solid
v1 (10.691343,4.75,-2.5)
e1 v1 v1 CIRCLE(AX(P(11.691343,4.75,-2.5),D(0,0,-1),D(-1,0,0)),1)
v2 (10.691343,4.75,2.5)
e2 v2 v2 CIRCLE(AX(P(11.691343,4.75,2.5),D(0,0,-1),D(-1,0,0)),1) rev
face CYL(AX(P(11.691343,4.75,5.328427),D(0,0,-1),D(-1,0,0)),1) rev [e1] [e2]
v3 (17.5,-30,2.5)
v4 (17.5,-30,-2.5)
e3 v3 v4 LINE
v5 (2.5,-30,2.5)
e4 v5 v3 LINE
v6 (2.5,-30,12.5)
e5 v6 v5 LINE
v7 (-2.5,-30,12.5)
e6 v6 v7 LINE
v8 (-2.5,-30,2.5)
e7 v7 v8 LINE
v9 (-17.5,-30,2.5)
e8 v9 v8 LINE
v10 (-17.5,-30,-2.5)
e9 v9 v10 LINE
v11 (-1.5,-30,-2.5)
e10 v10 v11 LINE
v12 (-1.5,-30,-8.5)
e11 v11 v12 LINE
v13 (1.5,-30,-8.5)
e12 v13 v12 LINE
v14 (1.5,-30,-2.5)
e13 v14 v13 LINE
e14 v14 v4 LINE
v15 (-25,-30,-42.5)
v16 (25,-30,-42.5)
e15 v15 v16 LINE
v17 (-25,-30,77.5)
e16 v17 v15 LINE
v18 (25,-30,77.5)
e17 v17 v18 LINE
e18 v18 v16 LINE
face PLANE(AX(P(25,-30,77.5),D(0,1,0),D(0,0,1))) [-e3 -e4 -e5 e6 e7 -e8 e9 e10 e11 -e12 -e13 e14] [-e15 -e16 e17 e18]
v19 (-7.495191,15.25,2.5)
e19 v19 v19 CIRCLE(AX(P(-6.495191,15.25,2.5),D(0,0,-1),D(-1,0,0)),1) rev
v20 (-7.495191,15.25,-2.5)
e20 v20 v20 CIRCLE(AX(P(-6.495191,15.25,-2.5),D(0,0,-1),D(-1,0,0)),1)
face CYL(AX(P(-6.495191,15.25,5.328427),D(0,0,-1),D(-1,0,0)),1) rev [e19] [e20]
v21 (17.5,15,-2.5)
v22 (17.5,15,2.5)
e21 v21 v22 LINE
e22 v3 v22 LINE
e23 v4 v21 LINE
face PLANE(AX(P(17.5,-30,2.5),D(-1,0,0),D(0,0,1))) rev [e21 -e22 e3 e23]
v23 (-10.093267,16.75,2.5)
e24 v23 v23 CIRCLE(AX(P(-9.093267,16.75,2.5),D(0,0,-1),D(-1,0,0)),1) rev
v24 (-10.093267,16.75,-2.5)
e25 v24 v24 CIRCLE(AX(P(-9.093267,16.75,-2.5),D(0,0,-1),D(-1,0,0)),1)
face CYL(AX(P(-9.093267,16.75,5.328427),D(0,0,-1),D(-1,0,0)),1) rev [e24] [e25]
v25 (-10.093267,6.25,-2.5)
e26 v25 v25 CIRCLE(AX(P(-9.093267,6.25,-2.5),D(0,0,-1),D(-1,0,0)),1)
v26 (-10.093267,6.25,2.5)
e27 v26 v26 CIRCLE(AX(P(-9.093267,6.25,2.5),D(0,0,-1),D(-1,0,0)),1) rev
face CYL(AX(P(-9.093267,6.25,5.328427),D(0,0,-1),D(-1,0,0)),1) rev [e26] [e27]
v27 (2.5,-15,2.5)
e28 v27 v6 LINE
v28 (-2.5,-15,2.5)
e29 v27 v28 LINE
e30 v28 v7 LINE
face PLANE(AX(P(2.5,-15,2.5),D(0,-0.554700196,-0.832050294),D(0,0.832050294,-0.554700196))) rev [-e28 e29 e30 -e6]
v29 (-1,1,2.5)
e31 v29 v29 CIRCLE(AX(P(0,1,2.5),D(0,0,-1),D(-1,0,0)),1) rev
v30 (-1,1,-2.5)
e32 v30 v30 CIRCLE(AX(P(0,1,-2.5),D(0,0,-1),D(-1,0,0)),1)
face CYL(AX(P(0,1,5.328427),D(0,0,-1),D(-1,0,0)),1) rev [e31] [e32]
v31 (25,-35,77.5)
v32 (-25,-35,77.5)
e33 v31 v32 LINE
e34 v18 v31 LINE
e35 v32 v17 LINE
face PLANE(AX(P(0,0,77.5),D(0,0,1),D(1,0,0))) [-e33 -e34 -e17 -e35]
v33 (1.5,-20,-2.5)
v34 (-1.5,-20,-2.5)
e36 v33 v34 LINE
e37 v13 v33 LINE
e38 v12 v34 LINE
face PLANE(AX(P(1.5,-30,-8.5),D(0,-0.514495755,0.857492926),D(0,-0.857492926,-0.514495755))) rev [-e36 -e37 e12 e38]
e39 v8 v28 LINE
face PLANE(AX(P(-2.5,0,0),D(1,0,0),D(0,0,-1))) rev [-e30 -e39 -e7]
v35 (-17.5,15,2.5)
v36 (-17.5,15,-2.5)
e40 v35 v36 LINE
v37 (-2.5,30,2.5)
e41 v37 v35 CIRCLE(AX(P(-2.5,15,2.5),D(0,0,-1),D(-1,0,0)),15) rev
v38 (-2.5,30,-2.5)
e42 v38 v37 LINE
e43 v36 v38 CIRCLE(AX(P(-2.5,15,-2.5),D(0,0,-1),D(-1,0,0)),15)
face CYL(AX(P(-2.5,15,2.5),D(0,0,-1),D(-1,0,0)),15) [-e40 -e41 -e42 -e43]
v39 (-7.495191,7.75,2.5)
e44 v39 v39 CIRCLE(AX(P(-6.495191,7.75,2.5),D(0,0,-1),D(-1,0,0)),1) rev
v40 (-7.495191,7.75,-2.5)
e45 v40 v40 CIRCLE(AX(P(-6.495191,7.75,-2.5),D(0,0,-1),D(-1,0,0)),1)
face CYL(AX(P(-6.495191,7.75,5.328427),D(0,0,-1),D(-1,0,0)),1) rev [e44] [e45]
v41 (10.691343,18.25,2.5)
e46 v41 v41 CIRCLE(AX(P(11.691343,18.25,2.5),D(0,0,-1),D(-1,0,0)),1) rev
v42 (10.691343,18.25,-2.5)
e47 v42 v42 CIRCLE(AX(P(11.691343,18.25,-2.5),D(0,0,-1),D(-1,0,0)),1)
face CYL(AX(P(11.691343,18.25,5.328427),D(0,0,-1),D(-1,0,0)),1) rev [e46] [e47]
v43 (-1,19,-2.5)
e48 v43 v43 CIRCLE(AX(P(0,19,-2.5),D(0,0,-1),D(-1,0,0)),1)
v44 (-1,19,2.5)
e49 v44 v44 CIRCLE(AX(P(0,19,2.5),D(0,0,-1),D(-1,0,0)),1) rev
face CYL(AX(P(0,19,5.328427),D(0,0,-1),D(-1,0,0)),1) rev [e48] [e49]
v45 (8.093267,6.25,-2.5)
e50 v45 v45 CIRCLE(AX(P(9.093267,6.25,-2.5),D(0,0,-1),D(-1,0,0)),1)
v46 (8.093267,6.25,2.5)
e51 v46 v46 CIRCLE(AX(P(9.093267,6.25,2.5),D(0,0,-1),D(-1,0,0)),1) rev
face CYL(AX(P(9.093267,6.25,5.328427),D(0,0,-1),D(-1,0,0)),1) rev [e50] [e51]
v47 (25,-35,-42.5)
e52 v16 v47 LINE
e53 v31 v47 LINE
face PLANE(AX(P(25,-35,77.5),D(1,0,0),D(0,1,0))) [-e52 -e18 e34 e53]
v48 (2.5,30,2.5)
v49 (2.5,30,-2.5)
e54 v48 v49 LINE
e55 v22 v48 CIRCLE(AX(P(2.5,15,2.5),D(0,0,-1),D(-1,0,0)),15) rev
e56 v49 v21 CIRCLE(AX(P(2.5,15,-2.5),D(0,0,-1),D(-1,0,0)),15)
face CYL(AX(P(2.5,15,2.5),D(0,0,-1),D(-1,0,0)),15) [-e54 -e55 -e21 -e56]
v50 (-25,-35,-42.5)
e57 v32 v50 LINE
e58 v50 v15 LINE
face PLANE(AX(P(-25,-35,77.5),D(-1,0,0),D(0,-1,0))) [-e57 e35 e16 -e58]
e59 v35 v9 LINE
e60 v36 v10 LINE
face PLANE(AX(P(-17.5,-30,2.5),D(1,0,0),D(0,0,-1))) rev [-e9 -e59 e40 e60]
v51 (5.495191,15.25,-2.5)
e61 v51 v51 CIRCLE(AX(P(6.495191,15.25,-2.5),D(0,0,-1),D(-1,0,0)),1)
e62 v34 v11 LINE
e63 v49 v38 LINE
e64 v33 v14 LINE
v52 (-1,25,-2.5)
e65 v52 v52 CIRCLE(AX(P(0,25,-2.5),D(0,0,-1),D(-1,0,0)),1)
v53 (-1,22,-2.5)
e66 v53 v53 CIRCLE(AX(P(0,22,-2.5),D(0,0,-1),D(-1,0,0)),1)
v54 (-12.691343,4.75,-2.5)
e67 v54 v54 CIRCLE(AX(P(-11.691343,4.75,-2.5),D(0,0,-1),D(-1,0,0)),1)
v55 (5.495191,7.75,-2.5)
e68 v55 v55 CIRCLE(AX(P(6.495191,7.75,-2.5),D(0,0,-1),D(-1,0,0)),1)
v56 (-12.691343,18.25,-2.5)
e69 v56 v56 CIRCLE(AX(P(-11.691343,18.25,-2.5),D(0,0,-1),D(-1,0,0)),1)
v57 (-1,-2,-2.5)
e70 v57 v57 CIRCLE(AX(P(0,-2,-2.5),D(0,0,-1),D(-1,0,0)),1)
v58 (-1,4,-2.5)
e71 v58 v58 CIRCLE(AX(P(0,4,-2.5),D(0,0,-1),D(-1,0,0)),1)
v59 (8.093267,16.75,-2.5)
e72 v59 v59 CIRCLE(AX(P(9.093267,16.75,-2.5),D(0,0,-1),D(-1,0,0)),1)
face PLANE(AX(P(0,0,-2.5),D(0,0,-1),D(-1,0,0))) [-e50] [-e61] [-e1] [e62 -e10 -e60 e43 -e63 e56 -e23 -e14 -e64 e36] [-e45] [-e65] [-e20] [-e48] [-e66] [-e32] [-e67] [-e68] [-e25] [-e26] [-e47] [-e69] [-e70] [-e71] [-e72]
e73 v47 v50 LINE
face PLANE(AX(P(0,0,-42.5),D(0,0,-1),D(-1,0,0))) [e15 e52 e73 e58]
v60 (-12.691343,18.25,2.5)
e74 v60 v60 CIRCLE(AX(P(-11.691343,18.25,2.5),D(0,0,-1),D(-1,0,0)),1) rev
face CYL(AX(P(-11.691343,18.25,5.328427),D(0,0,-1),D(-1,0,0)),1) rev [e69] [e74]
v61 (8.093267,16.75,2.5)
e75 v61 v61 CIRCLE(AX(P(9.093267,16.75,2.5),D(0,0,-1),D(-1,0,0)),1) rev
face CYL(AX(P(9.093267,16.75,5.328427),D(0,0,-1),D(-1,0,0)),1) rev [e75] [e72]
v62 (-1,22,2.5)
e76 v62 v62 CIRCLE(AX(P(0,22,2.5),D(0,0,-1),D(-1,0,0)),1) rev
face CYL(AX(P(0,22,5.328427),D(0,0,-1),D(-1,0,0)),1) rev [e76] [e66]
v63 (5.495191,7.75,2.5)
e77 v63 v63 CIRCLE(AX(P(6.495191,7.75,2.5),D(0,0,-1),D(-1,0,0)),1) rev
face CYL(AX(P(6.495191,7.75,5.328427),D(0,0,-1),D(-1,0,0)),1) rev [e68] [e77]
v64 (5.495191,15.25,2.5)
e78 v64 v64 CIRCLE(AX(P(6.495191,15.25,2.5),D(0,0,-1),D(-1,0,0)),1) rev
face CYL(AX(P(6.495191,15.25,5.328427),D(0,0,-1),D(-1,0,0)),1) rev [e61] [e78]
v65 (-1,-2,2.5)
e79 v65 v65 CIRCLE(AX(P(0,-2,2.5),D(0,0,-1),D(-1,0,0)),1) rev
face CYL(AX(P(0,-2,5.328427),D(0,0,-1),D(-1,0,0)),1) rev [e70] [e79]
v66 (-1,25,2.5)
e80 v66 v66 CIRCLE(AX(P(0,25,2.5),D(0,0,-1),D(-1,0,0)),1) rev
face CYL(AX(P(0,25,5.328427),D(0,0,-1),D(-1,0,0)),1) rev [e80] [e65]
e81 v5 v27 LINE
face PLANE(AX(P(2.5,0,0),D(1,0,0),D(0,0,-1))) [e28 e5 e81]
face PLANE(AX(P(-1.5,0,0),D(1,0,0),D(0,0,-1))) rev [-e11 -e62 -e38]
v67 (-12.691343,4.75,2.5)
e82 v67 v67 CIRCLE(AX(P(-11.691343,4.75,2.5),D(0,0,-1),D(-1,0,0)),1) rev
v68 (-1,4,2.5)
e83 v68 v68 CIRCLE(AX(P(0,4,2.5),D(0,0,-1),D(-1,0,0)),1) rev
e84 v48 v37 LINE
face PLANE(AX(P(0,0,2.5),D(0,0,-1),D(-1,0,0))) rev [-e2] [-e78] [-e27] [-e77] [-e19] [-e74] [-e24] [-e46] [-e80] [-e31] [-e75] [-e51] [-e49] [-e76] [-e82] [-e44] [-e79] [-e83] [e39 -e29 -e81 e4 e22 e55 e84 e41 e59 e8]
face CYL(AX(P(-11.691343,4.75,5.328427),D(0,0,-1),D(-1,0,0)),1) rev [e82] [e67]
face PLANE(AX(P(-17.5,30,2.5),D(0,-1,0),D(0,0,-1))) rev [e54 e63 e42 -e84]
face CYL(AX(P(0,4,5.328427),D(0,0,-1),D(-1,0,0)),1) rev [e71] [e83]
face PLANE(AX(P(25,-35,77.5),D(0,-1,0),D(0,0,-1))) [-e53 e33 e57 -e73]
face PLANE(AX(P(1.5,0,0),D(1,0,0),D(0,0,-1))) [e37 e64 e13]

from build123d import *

# Parameters (mm, degrees)
SKETCH1_W           = 35
SKETCH1_H           = 60
BOSS_EXTRUDE1_DEPTH = 2.5
SKETCH2_R           = 1
CUT_EXTRUDE1_DEPTH  = 5
FILLET1_R           = 15
SKETCH3_W           = 50
SKETCH3_H           = 5
BOSS_EXTRUDE2_DEPTH = 80
BOSS_EXTRUDE3_DEPTH = 2.5
SKETCH5_W           = 50
SKETCH5_H           = 5
BOSS_EXTRUDE4_DEPTH = 40
BOSS_EXTRUDE5_DEPTH = 1.5


with BuildPart() as part:
    # Sketch1 → Boss-Extrude1 (new, symmetric)
    with BuildSketch(Plane.XY):
        Rectangle(SKETCH1_W, SKETCH1_H)
    extrude(amount=BOSS_EXTRUDE1_DEPTH, both=True)

    # Sketch2 → Cut-Extrude1 (cut)
    with BuildSketch(Plane(origin=(0, 0, -2.5), x_dir=(-1, 0, 0), z_dir=(0, 0, -1))):
        with Locations((0, 25)):
            Circle(SKETCH2_R)
        with Locations((0, 22)):
            Circle(SKETCH2_R)
        with Locations((0, 19)):
            Circle(SKETCH2_R)
        with Locations((11.691342951, 18.25)):
            Circle(SKETCH2_R)
        with Locations((9.09326674, 16.75)):
            Circle(SKETCH2_R)
        with Locations((6.495190528, 15.25)):
            Circle(SKETCH2_R)
        with Locations((11.691342951, 4.75)):
            Circle(SKETCH2_R)
        with Locations((9.09326674, 6.25)):
            Circle(SKETCH2_R)
        with Locations((6.495190528, 7.75)):
            Circle(SKETCH2_R)
        with Locations((0, -2)):
            Circle(SKETCH2_R)
        with Locations((0, 1)):
            Circle(SKETCH2_R)
        with Locations((0, 4)):
            Circle(SKETCH2_R)
        with Locations((-11.691342951, 4.75)):
            Circle(SKETCH2_R)
        with Locations((-9.09326674, 6.25)):
            Circle(SKETCH2_R)
        with Locations((-6.495190528, 7.75)):
            Circle(SKETCH2_R)
        with Locations((-11.691342951, 18.25)):
            Circle(SKETCH2_R)
        with Locations((-9.09326674, 16.75)):
            Circle(SKETCH2_R)
        with Locations((-6.495190528, 15.25)):
            Circle(SKETCH2_R)
    extrude(amount=-CUT_EXTRUDE1_DEPTH, mode=Mode.SUBTRACT)

    # Fillet1
    fillet1_edges = [part.edges().sort_by_distance(p)[0] for p in [
        (-17.5, 30, 0),
        (17.5, 30, 0),
    ]]
    fillet(fillet1_edges, radius=FILLET1_R)

    # Sketch3 → Boss-Extrude2 (add)
    with BuildSketch(Plane(origin=(0, 0, -2.5), x_dir=(-1, 0, 0), z_dir=(0, 0, -1))):
        with Locations((0, -32.5)):
            Rectangle(SKETCH3_W, SKETCH3_H)
    extrude(amount=-BOSS_EXTRUDE2_DEPTH)

    # Sketch4 → Boss-Extrude3 (add, symmetric)
    with BuildSketch(Plane(origin=(0, 0, 0), x_dir=(0, 0, -1), z_dir=(1, 0, 0))):
        Polygon((-12.5, -30), (-2.5, -30), (-2.5, -15), align=None)
    extrude(amount=BOSS_EXTRUDE3_DEPTH, both=True)

    # Sketch5 → Boss-Extrude4 (add)
    with BuildSketch(Plane(origin=(0, 0, -2.5), x_dir=(-1, 0, 0), z_dir=(0, 0, -1))):
        with Locations((0, -32.5)):
            Rectangle(SKETCH5_W, SKETCH5_H)
    extrude(amount=BOSS_EXTRUDE4_DEPTH)

    # Sketch6 → Boss-Extrude5 (add, symmetric)
    with BuildSketch(Plane(origin=(0, 0, 0), x_dir=(0, 0, -1), z_dir=(1, 0, 0))):
        Polygon((2.5, -30), (8.5, -30), (2.5, -20), align=None)
    extrude(amount=BOSS_EXTRUDE5_DEPTH, both=True)


solid = part.part
